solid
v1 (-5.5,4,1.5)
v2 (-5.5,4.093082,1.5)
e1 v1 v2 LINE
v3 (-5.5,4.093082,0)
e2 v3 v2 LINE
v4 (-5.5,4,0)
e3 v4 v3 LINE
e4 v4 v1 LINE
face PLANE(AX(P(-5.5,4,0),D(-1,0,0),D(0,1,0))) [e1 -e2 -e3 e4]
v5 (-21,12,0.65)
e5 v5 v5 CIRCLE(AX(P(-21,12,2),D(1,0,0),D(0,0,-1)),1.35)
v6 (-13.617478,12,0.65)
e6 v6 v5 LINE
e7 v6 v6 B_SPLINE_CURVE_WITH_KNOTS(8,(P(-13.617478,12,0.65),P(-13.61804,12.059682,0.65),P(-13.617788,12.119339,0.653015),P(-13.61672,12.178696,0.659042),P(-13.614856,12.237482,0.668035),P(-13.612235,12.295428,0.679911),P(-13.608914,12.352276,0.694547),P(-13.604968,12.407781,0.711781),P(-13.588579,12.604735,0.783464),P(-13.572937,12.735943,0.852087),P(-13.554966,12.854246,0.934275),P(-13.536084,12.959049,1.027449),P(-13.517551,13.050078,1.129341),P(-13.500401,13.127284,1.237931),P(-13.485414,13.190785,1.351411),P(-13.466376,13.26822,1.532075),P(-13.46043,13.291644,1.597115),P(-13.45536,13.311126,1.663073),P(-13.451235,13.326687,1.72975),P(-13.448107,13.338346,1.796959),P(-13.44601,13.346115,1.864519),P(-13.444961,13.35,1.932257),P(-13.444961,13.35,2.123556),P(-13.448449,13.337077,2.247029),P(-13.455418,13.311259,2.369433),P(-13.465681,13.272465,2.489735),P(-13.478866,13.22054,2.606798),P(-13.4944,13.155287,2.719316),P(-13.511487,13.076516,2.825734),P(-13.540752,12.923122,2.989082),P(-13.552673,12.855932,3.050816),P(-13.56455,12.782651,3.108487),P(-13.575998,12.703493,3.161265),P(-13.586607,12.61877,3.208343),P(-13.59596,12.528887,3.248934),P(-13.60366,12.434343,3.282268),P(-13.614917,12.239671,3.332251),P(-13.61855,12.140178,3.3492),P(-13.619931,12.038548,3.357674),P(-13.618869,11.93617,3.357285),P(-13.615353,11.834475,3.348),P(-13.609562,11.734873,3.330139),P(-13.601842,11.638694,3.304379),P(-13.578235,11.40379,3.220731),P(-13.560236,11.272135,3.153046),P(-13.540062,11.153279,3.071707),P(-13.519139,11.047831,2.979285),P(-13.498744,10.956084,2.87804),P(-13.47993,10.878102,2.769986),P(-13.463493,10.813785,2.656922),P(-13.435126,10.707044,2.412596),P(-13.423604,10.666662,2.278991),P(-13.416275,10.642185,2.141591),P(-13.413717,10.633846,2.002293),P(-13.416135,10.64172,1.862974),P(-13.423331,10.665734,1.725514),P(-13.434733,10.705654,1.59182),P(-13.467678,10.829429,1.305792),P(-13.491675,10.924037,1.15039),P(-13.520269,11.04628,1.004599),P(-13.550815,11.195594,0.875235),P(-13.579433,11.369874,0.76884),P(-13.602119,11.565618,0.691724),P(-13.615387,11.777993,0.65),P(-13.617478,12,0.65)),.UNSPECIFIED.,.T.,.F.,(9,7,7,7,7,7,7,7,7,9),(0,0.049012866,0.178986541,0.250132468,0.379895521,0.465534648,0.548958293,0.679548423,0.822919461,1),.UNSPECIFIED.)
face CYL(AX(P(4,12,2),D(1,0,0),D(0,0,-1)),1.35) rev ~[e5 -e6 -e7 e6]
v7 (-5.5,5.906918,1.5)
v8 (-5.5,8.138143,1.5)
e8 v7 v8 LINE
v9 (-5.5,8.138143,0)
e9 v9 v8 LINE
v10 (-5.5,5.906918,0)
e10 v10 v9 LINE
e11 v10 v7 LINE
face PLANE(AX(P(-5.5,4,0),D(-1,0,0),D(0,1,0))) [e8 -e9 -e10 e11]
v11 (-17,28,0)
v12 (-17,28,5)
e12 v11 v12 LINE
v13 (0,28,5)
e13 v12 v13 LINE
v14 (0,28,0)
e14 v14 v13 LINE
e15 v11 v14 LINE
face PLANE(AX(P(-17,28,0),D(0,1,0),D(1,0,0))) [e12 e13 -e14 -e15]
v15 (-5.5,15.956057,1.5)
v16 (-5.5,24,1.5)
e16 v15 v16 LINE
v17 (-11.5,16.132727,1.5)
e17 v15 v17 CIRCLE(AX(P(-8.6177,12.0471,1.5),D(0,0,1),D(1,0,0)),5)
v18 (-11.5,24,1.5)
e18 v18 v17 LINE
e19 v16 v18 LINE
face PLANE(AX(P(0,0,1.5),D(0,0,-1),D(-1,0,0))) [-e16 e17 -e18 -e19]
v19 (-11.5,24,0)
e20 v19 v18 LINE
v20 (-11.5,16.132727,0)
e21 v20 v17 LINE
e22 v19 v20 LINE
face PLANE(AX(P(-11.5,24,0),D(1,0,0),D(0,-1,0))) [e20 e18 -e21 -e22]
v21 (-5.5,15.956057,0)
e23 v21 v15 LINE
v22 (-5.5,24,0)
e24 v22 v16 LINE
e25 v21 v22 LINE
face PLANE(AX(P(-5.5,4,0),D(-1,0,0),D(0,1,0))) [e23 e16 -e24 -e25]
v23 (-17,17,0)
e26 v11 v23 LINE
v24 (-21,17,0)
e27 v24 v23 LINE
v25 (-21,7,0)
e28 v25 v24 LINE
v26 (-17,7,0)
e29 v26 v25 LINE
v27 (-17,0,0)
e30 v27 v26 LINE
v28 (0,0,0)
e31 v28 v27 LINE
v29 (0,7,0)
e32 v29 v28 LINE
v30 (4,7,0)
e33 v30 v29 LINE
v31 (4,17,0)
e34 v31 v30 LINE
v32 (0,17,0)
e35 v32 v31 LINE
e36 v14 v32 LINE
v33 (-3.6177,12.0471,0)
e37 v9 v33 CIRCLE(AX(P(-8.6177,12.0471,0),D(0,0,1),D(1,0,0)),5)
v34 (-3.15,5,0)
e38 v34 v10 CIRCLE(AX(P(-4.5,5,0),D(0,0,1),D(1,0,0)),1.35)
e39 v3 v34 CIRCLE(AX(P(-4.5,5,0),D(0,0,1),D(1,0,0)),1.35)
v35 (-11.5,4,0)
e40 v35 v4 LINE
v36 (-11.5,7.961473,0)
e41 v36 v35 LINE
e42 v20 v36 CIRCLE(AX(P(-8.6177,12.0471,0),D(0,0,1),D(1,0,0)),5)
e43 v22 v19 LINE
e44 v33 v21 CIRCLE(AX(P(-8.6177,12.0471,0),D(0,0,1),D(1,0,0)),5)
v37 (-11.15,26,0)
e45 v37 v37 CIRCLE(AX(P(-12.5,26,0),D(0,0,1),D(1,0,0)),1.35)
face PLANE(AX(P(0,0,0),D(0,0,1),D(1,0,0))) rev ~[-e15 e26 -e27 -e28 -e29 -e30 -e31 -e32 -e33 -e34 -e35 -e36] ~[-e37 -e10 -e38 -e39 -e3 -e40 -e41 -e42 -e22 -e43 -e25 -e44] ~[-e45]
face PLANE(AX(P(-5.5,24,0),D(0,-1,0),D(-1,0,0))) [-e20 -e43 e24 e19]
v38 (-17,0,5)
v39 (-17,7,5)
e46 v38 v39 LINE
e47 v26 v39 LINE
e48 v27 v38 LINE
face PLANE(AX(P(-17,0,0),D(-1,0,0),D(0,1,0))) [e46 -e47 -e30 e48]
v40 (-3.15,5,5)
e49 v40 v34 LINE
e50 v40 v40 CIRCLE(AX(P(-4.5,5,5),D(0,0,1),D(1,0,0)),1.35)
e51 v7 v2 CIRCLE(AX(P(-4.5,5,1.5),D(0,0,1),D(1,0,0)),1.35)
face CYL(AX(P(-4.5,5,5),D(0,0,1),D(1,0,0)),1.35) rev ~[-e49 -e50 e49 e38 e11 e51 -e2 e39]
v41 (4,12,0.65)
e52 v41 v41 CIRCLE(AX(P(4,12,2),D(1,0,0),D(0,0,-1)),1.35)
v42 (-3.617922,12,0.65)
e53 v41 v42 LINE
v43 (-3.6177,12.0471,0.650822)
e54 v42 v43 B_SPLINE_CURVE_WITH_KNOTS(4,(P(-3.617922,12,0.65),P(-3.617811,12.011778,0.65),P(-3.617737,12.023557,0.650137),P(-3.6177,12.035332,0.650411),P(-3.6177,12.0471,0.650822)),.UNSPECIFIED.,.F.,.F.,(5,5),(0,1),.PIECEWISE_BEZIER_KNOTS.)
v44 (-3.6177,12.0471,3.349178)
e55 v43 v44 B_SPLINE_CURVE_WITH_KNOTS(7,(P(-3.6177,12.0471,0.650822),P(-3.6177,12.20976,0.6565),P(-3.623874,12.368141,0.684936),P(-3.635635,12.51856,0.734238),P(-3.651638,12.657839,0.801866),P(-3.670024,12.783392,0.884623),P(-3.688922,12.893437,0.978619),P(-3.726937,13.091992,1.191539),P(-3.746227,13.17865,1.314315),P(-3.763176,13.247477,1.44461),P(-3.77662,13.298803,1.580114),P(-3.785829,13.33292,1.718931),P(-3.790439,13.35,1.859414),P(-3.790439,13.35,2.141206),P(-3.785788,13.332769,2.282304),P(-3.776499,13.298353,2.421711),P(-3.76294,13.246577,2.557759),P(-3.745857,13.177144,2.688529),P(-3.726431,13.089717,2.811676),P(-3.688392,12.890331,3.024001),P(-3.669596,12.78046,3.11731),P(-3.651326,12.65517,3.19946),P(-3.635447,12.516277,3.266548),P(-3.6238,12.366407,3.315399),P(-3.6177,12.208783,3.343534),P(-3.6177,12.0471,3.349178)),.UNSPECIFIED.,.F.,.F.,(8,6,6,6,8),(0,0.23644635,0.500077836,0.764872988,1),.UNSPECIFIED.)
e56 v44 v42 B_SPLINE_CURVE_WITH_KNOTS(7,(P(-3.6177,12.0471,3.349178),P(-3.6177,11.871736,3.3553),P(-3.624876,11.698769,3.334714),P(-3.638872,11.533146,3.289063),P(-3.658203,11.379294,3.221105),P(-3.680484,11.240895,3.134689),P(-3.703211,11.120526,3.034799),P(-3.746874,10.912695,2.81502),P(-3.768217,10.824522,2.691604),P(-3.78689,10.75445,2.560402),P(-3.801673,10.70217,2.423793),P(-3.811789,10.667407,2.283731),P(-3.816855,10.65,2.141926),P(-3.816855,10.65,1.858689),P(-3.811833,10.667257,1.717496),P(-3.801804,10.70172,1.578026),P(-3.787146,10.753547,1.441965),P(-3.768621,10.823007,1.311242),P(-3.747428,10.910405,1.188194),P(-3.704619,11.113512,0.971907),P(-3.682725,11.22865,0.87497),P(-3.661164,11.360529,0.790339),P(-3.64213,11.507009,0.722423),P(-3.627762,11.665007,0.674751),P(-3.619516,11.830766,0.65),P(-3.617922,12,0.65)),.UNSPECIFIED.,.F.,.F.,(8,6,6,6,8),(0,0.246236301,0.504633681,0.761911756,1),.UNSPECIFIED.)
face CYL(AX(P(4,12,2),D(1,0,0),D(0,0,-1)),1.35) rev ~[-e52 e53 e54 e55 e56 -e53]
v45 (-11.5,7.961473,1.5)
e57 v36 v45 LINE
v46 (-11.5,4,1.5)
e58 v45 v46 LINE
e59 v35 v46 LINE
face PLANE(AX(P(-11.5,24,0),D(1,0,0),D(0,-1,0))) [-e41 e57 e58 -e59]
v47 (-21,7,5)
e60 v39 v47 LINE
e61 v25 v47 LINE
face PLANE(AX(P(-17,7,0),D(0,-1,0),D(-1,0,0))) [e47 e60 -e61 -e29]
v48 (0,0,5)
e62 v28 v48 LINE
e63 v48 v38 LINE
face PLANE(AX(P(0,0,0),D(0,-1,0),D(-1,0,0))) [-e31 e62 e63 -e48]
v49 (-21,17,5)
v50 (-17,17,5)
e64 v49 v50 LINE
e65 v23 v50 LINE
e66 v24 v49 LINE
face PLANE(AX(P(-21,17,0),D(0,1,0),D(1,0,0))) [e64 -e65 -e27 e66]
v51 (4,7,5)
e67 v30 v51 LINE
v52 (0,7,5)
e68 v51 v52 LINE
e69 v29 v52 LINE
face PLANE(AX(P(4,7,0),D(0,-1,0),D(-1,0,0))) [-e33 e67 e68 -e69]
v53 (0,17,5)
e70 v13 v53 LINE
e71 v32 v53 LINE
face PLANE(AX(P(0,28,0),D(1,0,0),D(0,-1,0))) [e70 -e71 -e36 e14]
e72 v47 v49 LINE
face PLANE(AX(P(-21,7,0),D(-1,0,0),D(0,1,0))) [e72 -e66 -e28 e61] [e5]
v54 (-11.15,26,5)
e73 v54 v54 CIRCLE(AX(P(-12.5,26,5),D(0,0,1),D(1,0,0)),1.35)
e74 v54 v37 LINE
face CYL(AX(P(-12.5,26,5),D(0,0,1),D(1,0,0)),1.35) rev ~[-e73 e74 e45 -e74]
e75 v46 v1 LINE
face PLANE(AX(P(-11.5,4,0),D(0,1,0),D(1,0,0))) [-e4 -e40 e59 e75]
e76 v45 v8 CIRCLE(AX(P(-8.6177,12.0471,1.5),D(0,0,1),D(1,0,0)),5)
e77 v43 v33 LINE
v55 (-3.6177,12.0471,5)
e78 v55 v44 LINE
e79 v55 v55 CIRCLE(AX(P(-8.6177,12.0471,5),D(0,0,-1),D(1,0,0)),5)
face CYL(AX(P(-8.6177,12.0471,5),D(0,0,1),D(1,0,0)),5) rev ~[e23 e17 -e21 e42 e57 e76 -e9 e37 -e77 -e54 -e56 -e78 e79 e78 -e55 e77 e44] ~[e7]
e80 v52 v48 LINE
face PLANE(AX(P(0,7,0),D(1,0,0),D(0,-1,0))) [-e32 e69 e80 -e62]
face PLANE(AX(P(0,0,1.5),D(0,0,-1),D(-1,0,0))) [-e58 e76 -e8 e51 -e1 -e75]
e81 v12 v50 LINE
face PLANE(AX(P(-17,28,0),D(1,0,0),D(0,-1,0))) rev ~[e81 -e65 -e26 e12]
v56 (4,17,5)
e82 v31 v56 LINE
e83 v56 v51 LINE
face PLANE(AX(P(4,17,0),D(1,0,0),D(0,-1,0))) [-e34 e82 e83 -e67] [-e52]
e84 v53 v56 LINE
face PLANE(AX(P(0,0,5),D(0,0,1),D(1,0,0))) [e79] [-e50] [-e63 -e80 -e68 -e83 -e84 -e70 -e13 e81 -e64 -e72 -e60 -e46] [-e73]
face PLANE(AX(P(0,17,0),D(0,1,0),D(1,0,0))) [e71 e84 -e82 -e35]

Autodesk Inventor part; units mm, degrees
ref_plane "YZ Plane" through (0, 0, 0) normal (1, 0, 0) x (0, 1, 0)
ref_plane "XZ Plane" through (0, 0, 0) normal (0, 1, 0) x (-1, 0, 0)
ref_plane "XY Plane" through (0, 0, 0) normal (0, 0, 1) x (1, 0, 0)
sketch "Sketch2" plane through (0, 0, 0) normal (0, 0, 1) x (1, 0, 0)
  line L0 (-17, 28) -> (0, 28)
  line L1 (0, 28) -> (0, 17)
  line L2 (0, 17) -> (4, 17)
  line L3 (4, 17) -> (4, 7)
  line L4 (4, 7) -> (0, 7)
  line L5 (0, 7) -> (0, 0)
  line L6 (0, 0) -> (-17, 0)
  line L7 (-17, 0) -> (-17, 7)
  line L8 (-17, 7) -> (-21, 7)
  line L9 (-21, 7) -> (-21, 17)
  line L10 (-21, 17) -> (-17, 17)
  line L11 (-17, 28) -> (-17, 17)
  dimension "d0" = 17
  dimension "d1" = 28
  dimension "d2" = 4
  dimension "d3" = 7
  dimension "d4" = 10
extrude "Extrusion1" add sketch "Sketch2" along normal blind 5
sketch "Sketch4" plane through (0, 0, 0) normal (0, 0, -1) x (-1, 0, 0)
  line L0 (17, 28) -> (0, 28) projected
  line L1 (0, 28) -> (0, 17) projected
  line L2 (0, 17) -> (-4, 17) projected
  line L3 (-4, 17) -> (-4, 7) projected
  line L4 (-4, 7) -> (0, 7) projected
  line L5 (0, 7) -> (0, 0) projected
  line L6 (0, 0) -> (17, 0) projected
  line L7 (17, 0) -> (17, 7) projected
  line L8 (17, 7) -> (21, 7) projected
  line L9 (21, 7) -> (21, 17) projected
  line L10 (21, 17) -> (17, 17) projected
  line L11 (17, 17) -> (17, 28) projected
  line L12 (0, 28) -> (17, 28) projected
  line L13 (11.5, 24) -> (11.5, 4)
  line L14 (11.5, 4) -> (5.5, 4)
  line L15 (5.5, 4) -> (5.5, 24)
  line L16 (5.5, 24) -> (11.5, 24)
  dimension "d15" = 6
  dimension "d17" = 5.5
  dimension "d30" = 20
  dimension "d31" = 4
extrude "Extrusion3" cut sketch "Sketch4" against normal blind 1.5 contours L13 L14 L15 L16
sketch "Sketch5" plane through (0, 0, 5) normal (0, 0, 1) x (1, 0, 0)
  line L0 (0, 28) -> (-17, 28) projected
  line L1 (-17, 28) -> (-17, 17) projected
  line L2 (-17, 17) -> (-21, 17) projected
  line L3 (-21, 17) -> (-21, 7) projected
  line L4 (-21, 7) -> (-17, 7) projected
  line L5 (-17, 7) -> (-17, 0) projected
  line L6 (-17, 0) -> (0, 0) projected
  line L7 (0, 0) -> (0, 7) projected
  line L8 (0, 7) -> (4, 7) projected
  line L9 (4, 7) -> (4, 17) projected
  line L10 (4, 17) -> (0, 17) projected
  line L11 (0, 17) -> (0, 28) projected
  line L12 (-21, 17) -> (4, 7)
  line L13 (-21.4753, 7) -> (4, 17)
  circle A0 centre (-8.6177, 12.0471) radius 5
  dimension "d20" = 10
  dimension "d21" = 12.0471
extrude "Extrusion4" cut sketch "Sketch5" against normal through all contours A0 L12 L13 | L13 L12 A0 | L12 L13 A0 | A0 L13 L12
sketch "Sketch6" plane through (0, 0, 5) normal (0, 0, 1) x (1, 0, 0)
  circle A0 centre (-8.6177, 12.0471) radius 5 projected
  line L0 (0, 28) -> (-17, 28) projected
  line L1 (-17, 28) -> (-17, 17) projected
  line L2 (-17, 17) -> (-21, 17) projected
  line L3 (-21, 17) -> (-21, 7) projected
  line L4 (-21, 7) -> (-17, 7) projected
  line L5 (-17, 7) -> (-17, 0) projected
  line L6 (-17, 0) -> (0, 0) projected
  line L7 (0, 0) -> (0, 7) projected
  line L8 (0, 7) -> (4, 7) projected
  line L9 (4, 7) -> (4, 17) projected
  line L10 (4, 17) -> (0, 17) projected
  line L11 (0, 17) -> (0, 28) projected
  circle A1 centre (-12.5, 26) radius 1.35
  dimension "d24" = 2.7
  dimension "d25" = 4.5
  dimension "d26" = 2
extrude "Extrusion5" cut sketch "Sketch6" against normal through all contours A1
sketch "Sketch7" plane through (0, 0, 5) normal (0, 0, 1) x (1, 0, 0)
  line L0 (0, 0) -> (0, 7) projected
  line L1 (-17, 0) -> (0, 0) projected
  circle A0 centre (-4.5, 5) radius 1.35
  dimension "d32" = 2.7
  dimension "d33" = 4.5
  dimension "d34" = 5
extrude "Extrusion6" cut sketch "Sketch7" against normal through all
sketch "Sketch8" plane through (4, 7, 0) normal (1, 0, 0) x (0, 0, -1)
  line L0 (0, 10) -> (0, 0) projected
  line L1 (0, 10) -> (-5, 10) projected
  line L2 (-5, 0) -> (-5, 10) projected
  line L3 (0, 0) -> (-5, 0) projected
  circle A0 centre (-2, 5) radius 1.35
  point P0 (0, -7)
  dimension "d37" = 2.7
  dimension "d38" = 2
extrude "Extrusion7" cut sketch "Sketch8" against normal through all contours A0
properties part number "tapa0.2"
